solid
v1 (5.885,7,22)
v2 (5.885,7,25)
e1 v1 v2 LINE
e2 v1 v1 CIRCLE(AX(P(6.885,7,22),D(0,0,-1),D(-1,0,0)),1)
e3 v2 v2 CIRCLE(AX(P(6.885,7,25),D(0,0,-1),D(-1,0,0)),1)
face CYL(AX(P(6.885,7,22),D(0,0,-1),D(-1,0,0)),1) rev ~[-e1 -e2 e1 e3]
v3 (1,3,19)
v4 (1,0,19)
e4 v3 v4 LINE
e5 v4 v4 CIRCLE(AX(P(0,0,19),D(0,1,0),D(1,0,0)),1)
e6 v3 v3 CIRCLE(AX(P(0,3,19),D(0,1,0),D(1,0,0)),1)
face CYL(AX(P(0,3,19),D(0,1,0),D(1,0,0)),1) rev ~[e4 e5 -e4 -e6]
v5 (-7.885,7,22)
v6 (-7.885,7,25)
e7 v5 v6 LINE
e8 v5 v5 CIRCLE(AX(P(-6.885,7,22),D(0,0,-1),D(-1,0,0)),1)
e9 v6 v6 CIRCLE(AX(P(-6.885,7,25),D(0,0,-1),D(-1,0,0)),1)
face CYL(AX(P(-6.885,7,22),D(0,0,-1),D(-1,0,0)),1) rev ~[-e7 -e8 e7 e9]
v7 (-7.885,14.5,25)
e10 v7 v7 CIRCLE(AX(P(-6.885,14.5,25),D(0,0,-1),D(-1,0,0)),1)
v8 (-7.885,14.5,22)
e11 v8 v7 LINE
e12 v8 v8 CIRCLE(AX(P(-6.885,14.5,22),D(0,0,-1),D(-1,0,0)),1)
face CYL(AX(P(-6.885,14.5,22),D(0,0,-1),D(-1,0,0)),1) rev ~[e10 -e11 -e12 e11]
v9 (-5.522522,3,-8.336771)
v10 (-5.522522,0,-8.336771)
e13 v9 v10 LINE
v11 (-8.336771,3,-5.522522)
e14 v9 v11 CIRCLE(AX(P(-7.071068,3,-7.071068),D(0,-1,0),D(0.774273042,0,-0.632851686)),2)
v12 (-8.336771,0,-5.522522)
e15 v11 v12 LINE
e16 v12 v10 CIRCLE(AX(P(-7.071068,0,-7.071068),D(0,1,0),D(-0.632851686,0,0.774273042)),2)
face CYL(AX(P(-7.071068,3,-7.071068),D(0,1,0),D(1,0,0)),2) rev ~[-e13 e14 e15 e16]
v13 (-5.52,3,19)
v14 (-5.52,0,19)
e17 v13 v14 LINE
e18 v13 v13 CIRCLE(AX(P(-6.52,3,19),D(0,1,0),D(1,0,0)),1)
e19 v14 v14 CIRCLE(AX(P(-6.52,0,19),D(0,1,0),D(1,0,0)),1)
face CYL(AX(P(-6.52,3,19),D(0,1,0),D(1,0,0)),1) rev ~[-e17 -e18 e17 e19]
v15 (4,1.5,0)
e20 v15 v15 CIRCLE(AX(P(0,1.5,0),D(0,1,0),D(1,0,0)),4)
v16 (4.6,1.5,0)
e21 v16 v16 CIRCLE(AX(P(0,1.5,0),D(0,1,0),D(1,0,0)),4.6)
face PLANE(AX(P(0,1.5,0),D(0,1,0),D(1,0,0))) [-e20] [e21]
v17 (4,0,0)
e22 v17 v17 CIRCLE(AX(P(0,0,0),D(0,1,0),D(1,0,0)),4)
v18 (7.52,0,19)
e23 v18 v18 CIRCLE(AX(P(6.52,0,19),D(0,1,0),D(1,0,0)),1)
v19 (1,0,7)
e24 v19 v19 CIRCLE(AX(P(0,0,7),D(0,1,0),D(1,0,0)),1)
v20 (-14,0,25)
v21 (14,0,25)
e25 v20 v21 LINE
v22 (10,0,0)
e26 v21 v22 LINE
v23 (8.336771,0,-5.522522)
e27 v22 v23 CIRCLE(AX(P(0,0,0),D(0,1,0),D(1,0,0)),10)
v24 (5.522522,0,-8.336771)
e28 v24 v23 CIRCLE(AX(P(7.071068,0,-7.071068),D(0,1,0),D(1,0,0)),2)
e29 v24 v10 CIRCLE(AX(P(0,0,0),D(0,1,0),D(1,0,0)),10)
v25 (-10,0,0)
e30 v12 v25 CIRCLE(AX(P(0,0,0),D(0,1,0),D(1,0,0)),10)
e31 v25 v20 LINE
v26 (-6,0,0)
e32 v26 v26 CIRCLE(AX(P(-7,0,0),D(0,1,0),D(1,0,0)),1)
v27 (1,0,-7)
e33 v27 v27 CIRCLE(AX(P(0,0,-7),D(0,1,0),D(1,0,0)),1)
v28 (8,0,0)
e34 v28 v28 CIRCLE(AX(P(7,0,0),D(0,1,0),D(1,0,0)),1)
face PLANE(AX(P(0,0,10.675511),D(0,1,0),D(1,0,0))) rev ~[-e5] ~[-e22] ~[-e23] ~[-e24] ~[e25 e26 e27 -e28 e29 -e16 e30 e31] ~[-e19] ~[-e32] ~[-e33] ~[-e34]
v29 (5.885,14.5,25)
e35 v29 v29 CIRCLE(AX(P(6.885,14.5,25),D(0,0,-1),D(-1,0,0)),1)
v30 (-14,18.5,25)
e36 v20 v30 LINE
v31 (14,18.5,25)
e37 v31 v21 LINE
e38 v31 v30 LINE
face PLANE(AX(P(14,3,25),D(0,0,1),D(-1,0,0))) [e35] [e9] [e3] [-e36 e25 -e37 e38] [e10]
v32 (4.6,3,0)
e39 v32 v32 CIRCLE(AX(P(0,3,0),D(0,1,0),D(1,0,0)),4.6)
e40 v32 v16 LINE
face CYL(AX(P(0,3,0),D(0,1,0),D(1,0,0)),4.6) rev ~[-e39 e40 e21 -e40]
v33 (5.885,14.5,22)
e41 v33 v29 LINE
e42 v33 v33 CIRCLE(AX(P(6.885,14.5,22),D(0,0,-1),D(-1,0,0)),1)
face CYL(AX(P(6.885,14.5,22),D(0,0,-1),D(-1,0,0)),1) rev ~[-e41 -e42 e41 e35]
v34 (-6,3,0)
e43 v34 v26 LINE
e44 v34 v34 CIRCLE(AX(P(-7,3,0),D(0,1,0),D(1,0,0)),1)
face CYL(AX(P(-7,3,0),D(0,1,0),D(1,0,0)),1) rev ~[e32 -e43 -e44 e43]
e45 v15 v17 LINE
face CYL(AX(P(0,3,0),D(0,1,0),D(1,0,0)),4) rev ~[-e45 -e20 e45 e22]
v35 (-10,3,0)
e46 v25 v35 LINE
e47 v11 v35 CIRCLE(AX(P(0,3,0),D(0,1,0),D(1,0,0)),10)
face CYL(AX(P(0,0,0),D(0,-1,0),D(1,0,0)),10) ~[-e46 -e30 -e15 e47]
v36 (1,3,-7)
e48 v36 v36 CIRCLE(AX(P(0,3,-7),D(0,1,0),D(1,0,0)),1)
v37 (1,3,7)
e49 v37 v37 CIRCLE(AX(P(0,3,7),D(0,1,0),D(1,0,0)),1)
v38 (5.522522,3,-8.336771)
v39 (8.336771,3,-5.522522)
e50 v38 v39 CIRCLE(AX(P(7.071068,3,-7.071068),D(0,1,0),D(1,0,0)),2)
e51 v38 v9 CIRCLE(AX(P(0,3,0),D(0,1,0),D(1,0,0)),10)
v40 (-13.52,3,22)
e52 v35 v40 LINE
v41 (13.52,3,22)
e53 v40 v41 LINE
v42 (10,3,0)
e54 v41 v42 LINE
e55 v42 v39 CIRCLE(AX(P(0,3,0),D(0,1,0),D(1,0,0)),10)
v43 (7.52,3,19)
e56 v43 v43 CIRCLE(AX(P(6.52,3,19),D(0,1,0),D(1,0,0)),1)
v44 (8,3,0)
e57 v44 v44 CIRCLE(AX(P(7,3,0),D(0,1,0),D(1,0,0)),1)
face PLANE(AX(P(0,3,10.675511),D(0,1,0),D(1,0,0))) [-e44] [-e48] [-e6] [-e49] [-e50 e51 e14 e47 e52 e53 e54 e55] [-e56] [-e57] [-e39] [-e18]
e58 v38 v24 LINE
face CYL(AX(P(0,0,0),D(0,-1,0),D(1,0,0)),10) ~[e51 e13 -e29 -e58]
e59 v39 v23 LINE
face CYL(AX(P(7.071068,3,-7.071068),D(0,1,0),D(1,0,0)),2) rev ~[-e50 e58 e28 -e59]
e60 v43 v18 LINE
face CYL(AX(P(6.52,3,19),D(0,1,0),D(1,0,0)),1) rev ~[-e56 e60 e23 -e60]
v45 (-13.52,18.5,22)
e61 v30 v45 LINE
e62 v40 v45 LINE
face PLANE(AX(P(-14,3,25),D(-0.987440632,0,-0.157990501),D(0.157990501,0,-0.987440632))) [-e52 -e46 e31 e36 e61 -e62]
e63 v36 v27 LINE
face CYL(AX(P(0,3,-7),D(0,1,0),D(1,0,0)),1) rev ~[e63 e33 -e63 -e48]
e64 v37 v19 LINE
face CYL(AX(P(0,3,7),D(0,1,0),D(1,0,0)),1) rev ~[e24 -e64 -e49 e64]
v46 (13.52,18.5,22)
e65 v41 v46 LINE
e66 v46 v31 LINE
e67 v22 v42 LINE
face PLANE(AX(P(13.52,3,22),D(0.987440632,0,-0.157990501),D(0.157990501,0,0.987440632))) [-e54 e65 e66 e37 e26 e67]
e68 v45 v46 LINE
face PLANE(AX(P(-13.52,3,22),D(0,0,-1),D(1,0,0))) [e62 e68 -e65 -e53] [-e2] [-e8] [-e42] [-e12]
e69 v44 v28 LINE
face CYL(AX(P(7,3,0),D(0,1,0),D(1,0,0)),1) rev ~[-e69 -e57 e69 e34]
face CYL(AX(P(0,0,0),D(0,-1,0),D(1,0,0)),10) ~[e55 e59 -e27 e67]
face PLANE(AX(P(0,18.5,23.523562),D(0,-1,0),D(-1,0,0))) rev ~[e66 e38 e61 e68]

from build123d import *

# Parameters (mm, degrees)
BOSS_EXTRUDE1_DEPTH = 3
SKETCH2_R           = 4
CUT_EXTRUDE1_DEPTH  = 13
SKETCH3_R           = 1
CUT_EXTRUDE2_DEPTH  = 13
SKETCH4_R           = 1
CUT_EXTRUDE3_DEPTH  = 3
BOSS_EXTRUDE2_DEPTH = 15.5
SKETCH6_R           = 4.6
CUT_EXTRUDE4_DEPTH  = 1.5
SKETCH7_R           = 2
CUT_EXTRUDE5_DEPTH  = 10
SKETCH8_R           = 1
CUT_EXTRUDE6_DEPTH  = 10


with BuildPart() as part:
    # Sketch1 → Boss-Extrude1 (new body)
    with BuildSketch(Plane(origin=(0, 0, 0), x_dir=(1, 0, 0), z_dir=(0, 1, 0))):
        with BuildLine():
            Line((-10, 0), (-14, -25))
            Line((-14, -25), (14, -25))
            Line((14, -25), (10, 0))
            ThreePointArc((10, 0), (0, 10), (-10, 0))
        make_face()
    extrude(amount=BOSS_EXTRUDE1_DEPTH)

    # Sketch2 → Cut-Extrude1 (cut)
    with BuildSketch(Plane(origin=(0, 3, 0), x_dir=(1, 0, 0), z_dir=(0, 1, 0))):
        Circle(SKETCH2_R)
    extrude(amount=-CUT_EXTRUDE1_DEPTH, mode=Mode.SUBTRACT)

    # Sketch3 → Cut-Extrude2 (cut)
    with BuildSketch(Plane(origin=(0, 3, 0), x_dir=(1, 0, 0), z_dir=(0, 1, 0))):
        with Locations((-6.52, -19)):
            Circle(SKETCH3_R)
        with Locations((6.52, -19)):
            Circle(SKETCH3_R)
        with Locations((0, -19)):
            Circle(SKETCH3_R)
    extrude(amount=-CUT_EXTRUDE2_DEPTH, mode=Mode.SUBTRACT)

    # Sketch4 → Cut-Extrude3 (cut)
    with BuildSketch(Plane(origin=(0, 3, 0), x_dir=(1, 0, 0), z_dir=(0, 1, 0))):
        with Locations((0, -7)):
            Circle(SKETCH4_R)
        with Locations((-7, 0)):
            Circle(SKETCH4_R)
        with Locations((0, 7)):
            Circle(SKETCH4_R)
        with Locations((7, 0)):
            Circle(SKETCH4_R)
    extrude(amount=-CUT_EXTRUDE3_DEPTH, mode=Mode.SUBTRACT)

    # Sketch5 → Boss-Extrude2 (add)
    with BuildSketch(Plane(origin=(0, 3, 0), x_dir=(1, 0, 0), z_dir=(0, 1, 0))):
        Polygon((-13.52, -22), (13.52, -22), (14, -25), (-14, -25), align=None)
    extrude(amount=BOSS_EXTRUDE2_DEPTH)

    # Sketch6 → Cut-Extrude4 (cut)
    with BuildSketch(Plane(origin=(0, 3, 0), x_dir=(1, 0, 0), z_dir=(0, 1, 0))):
        Circle(SKETCH6_R)
    extrude(amount=-CUT_EXTRUDE4_DEPTH, mode=Mode.SUBTRACT)

    # Sketch7 → Cut-Extrude5 (cut)
    with BuildSketch(Plane(origin=(0, 3, 0), x_dir=(1, 0, 0), z_dir=(0, 1, 0))):
        with Locations((-7.071067812, 7.071067812)):
            Circle(SKETCH7_R)
        with Locations((7.071067812, 7.071067812)):
            Circle(SKETCH7_R)
    extrude(amount=-CUT_EXTRUDE5_DEPTH, mode=Mode.SUBTRACT)

    # Sketch8 → Cut-Extrude6 (cut)
    with BuildSketch(Plane(origin=(0, 0, 22), x_dir=(-1, 0, 0), z_dir=(0, 0, -1))):
        with Locations((6.885, 7)):
            Circle(SKETCH8_R)
        with Locations((-6.885, 7)):
            Circle(SKETCH8_R)
        with Locations((6.885, 14.5)):
            Circle(SKETCH8_R)
        with Locations((-6.885, 14.5)):
            Circle(SKETCH8_R)
    extrude(amount=-CUT_EXTRUDE6_DEPTH, mode=Mode.SUBTRACT)


solid = part.part
